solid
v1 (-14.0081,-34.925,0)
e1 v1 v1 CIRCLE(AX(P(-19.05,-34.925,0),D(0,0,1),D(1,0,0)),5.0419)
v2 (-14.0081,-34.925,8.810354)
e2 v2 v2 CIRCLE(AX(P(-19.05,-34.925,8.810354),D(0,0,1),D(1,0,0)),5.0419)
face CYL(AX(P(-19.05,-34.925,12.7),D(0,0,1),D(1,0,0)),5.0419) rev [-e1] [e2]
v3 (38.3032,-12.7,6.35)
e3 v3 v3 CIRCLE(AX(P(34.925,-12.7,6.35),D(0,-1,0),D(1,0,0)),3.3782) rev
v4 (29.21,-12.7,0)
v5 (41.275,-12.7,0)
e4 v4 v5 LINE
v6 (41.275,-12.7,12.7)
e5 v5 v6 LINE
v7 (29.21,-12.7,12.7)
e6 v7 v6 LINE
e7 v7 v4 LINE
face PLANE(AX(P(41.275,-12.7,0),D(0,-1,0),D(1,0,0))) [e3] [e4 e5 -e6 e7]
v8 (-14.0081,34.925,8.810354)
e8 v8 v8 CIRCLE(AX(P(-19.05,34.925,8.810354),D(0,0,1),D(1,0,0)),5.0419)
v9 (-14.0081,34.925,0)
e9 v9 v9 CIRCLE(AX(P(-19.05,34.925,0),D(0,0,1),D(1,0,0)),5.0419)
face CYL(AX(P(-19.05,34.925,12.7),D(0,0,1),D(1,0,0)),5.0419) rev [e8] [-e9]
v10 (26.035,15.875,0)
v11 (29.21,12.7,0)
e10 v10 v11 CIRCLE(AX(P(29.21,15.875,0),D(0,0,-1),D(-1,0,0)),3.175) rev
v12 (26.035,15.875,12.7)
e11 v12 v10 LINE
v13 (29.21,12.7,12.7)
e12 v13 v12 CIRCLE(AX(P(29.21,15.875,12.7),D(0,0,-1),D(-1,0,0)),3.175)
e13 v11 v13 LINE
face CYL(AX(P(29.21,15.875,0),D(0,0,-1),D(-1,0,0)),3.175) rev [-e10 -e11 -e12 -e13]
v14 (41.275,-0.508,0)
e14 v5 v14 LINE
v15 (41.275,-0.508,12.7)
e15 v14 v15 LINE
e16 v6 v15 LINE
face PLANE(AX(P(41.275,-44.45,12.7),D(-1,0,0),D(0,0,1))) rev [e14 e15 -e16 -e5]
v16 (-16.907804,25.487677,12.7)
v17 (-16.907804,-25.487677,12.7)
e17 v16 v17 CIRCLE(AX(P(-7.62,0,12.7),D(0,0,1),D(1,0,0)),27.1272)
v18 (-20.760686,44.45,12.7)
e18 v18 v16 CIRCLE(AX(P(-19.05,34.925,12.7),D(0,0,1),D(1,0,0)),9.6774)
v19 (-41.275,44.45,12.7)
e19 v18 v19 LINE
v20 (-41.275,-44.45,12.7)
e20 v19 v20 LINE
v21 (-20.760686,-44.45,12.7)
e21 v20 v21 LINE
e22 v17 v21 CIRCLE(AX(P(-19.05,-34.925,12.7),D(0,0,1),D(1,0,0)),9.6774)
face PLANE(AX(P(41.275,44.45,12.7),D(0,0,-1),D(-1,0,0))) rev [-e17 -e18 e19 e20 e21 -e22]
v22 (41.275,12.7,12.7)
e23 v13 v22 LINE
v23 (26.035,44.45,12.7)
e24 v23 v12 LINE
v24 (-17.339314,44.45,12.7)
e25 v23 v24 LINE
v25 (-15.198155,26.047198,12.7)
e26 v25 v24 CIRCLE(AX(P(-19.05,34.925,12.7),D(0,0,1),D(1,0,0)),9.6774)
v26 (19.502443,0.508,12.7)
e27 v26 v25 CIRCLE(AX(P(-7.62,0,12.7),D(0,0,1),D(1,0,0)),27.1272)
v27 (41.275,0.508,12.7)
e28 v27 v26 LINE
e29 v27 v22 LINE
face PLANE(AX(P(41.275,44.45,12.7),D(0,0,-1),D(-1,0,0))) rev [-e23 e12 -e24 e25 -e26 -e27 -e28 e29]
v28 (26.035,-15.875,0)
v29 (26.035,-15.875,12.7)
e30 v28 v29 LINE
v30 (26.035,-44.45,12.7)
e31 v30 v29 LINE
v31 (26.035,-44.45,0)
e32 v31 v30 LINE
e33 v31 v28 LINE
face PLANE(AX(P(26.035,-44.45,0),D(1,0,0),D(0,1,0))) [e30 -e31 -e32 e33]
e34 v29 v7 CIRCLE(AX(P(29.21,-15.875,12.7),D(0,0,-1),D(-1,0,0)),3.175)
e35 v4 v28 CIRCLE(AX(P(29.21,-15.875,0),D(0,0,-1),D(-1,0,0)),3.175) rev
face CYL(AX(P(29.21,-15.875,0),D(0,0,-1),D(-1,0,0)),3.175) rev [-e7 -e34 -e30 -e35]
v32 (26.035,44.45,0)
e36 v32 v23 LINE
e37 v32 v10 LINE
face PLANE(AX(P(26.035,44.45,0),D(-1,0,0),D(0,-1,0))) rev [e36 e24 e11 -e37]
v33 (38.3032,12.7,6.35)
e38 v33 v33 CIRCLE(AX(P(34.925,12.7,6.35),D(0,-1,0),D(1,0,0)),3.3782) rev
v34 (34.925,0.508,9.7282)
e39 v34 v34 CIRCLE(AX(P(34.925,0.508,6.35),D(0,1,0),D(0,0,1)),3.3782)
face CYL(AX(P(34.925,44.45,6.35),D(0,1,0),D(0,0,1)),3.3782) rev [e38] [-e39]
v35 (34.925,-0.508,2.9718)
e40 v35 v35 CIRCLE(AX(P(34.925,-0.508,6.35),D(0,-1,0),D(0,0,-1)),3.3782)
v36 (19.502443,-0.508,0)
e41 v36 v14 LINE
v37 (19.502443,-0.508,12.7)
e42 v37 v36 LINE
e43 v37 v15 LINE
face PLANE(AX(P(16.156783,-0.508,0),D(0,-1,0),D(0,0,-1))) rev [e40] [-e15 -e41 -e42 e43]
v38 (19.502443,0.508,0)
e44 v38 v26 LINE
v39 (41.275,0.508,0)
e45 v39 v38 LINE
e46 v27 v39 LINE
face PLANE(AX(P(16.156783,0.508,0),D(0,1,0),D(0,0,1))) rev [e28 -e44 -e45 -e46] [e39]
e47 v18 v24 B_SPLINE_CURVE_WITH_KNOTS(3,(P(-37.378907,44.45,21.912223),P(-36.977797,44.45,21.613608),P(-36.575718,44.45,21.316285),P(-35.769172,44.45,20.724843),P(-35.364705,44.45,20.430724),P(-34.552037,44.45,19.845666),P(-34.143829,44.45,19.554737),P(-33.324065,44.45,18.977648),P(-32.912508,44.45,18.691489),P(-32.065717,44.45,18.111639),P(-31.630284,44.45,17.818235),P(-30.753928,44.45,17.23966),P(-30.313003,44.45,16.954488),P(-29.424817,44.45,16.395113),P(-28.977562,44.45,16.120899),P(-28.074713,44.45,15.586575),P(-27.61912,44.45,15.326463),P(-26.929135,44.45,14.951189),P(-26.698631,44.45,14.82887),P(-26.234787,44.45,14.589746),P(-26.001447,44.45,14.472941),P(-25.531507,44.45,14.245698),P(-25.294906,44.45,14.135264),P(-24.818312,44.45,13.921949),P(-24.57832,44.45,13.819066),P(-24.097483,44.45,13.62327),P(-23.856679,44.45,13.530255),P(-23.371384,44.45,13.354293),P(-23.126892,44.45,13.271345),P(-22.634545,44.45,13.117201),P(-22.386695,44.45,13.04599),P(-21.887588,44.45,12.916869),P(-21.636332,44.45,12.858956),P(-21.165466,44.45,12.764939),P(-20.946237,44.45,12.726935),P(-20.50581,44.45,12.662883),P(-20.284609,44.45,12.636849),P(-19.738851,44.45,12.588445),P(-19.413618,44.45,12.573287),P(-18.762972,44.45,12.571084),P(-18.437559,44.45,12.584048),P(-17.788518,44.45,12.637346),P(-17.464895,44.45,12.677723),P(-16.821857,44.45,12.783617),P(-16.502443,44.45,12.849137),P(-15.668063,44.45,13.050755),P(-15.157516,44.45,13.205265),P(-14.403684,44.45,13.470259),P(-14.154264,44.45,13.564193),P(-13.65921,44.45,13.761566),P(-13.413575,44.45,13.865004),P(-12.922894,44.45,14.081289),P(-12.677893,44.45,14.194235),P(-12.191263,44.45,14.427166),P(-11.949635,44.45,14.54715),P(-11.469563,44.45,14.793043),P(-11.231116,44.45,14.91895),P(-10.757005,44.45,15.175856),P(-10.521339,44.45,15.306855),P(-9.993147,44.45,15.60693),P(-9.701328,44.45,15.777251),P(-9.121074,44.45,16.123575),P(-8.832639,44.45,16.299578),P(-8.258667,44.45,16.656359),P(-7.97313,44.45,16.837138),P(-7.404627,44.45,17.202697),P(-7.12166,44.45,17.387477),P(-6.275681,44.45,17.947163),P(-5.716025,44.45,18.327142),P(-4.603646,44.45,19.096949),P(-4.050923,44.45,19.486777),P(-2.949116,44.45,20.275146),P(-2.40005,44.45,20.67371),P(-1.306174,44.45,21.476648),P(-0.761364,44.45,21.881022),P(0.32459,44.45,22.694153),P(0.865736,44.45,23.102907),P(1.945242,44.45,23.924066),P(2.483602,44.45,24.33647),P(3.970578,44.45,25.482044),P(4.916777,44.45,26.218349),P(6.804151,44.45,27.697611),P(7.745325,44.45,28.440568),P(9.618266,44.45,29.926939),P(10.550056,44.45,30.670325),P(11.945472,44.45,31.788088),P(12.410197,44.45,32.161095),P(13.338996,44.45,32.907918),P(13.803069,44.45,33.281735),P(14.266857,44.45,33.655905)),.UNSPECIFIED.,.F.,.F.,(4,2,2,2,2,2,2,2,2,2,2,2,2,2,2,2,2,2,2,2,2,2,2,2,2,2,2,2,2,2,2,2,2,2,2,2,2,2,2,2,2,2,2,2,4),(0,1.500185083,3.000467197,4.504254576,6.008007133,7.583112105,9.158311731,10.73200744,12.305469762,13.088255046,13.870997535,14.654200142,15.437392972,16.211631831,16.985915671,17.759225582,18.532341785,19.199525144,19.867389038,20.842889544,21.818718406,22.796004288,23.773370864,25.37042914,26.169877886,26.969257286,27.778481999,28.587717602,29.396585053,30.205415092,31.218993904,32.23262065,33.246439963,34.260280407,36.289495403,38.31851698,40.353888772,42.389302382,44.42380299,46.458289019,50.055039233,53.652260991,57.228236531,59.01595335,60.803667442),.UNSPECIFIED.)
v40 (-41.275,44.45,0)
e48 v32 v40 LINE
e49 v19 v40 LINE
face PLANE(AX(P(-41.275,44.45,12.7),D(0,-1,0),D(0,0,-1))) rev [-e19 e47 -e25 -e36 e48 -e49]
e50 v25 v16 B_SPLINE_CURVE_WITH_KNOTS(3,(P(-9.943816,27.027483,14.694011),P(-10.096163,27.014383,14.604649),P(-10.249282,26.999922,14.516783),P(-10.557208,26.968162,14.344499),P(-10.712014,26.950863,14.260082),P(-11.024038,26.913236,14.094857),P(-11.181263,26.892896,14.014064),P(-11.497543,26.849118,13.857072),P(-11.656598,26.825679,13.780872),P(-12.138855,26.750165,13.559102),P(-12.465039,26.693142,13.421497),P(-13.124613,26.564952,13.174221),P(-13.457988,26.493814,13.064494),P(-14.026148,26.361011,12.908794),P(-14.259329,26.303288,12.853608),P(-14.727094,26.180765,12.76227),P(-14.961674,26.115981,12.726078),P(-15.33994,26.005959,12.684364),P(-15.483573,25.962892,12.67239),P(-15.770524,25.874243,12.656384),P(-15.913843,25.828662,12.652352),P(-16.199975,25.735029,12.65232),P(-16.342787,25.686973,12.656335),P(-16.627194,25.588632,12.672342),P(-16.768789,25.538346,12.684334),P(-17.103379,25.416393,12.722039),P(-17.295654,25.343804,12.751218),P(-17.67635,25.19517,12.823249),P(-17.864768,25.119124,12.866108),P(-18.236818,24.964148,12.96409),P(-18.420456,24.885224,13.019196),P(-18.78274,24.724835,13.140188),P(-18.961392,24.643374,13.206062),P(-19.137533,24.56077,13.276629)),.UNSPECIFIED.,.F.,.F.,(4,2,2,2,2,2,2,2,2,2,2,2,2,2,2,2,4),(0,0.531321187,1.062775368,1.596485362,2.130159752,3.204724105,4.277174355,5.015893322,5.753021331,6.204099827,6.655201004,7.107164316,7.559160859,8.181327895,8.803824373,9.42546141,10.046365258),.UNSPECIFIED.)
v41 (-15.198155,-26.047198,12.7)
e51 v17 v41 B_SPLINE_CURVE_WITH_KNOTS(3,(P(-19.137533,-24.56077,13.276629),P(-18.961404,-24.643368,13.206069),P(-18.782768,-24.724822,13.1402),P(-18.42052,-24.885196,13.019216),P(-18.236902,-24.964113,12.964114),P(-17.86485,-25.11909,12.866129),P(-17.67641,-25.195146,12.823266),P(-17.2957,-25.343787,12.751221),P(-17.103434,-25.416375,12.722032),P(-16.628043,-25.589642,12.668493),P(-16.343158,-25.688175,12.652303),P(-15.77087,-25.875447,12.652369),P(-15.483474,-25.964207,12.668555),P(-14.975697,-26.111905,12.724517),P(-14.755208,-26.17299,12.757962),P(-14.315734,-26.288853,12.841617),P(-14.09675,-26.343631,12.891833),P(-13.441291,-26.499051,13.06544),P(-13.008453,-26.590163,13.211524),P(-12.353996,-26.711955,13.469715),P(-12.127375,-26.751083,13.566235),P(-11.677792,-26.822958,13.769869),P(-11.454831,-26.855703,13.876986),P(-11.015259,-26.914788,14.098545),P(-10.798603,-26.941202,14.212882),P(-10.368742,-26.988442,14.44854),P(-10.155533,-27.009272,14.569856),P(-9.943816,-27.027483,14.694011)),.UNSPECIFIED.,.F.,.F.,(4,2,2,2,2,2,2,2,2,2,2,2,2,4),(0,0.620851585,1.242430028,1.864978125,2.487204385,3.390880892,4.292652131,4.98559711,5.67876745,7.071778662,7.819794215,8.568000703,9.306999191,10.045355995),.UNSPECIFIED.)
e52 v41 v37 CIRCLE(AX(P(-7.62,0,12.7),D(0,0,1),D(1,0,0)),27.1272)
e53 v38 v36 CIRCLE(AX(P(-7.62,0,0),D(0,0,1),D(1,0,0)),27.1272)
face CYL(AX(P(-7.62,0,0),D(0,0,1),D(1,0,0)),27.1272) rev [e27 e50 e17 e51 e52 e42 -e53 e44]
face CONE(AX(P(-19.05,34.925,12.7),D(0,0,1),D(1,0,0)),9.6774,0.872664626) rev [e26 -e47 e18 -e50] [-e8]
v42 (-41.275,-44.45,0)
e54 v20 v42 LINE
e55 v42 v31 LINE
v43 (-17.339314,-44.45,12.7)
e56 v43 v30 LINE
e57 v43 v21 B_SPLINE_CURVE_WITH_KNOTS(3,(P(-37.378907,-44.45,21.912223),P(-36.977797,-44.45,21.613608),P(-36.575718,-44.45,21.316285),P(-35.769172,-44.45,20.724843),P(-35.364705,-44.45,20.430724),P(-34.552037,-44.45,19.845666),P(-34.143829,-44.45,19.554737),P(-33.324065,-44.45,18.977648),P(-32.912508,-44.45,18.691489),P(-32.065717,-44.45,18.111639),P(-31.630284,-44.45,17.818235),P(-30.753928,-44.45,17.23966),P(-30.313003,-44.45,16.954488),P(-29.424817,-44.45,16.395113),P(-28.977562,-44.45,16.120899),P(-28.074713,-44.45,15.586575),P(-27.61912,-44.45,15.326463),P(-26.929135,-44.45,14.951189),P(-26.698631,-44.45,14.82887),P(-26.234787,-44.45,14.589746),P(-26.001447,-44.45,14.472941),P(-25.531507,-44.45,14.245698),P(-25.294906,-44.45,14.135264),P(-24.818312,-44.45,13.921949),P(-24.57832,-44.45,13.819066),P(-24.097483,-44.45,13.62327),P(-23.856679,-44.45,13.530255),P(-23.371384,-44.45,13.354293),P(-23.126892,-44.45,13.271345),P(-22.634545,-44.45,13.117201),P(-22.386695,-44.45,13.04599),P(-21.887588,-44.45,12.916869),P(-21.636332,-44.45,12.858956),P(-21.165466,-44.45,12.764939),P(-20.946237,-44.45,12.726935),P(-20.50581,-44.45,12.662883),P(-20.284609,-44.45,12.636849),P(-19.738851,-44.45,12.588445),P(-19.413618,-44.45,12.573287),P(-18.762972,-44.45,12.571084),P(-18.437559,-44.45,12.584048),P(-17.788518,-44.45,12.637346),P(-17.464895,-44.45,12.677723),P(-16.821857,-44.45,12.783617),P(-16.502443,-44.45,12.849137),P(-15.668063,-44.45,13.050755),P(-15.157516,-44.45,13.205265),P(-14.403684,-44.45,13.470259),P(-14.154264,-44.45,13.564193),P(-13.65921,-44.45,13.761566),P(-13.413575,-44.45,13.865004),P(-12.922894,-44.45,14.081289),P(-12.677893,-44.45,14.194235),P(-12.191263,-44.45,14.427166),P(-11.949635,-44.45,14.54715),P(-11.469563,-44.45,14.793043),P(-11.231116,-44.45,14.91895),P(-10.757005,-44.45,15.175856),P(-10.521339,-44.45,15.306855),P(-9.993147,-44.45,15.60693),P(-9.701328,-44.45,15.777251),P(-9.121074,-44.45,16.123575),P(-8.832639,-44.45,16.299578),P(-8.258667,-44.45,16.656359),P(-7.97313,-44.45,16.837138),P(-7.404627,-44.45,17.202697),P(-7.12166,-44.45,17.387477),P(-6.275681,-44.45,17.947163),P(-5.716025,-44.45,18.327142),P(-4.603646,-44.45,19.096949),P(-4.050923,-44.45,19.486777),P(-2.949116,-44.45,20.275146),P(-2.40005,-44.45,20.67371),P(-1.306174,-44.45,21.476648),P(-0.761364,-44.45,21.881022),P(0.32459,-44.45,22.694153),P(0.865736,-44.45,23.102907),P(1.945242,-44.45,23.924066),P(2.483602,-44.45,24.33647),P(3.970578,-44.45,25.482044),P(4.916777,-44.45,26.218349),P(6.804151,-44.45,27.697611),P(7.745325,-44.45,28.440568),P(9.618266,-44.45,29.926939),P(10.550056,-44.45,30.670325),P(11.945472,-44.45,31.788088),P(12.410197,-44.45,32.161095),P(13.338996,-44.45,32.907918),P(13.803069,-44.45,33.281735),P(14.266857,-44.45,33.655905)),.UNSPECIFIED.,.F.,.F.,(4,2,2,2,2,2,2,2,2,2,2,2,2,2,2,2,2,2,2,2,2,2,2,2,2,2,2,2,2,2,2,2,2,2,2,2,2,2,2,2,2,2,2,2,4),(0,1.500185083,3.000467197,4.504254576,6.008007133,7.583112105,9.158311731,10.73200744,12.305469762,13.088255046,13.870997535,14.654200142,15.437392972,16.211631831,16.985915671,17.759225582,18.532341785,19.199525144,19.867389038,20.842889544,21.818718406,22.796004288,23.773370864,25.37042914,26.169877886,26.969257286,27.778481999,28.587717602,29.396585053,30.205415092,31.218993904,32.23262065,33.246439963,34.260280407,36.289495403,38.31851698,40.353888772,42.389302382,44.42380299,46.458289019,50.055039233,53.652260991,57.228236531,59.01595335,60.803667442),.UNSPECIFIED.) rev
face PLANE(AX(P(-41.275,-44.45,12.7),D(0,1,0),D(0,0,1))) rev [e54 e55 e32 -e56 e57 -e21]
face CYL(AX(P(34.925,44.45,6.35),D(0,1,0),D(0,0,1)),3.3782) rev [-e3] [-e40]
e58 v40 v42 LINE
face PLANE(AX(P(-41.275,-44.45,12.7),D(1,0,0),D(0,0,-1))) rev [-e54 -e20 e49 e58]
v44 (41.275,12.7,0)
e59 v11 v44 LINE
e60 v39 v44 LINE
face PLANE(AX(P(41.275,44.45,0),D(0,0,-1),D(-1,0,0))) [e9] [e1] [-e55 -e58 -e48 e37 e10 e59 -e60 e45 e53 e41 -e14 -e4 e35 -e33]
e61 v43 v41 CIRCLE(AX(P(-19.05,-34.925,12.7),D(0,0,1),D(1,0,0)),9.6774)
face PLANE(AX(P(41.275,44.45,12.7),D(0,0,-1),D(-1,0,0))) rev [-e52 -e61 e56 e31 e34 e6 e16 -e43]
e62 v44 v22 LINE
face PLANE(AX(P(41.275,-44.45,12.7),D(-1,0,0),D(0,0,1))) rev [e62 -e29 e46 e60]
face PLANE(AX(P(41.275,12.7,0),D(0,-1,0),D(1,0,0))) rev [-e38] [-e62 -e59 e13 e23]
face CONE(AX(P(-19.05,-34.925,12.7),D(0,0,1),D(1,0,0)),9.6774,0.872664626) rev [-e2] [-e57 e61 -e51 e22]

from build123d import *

# Parameters (mm, degrees)
SKETCH1_W                                           = 82.55
SKETCH1_H                                           = 88.9
EXTRUDE1_DEPTH                                      = 12.7
SKETCH2_R                                           = 27.1272
EXTRUDE2_DEPTH                                      = 13.7
SKETCH3_W                                           = 28.468633454
SKETCH3_H                                           = 1.016
EXTRUDE3_DEPTH                                      = 13.7
F_1_4_CLEARANCE_HOLE1_D                             = 6.7564
CSK_FOR_3_8_FLAT_HEAD_MACHINE_SCREW_100_D           = 10.0838
CSK_FOR_3_8_FLAT_HEAD_MACHINE_SCREW_100_CSINK_D     = 19.3548
CSK_FOR_3_8_FLAT_HEAD_MACHINE_SCREW_100_CSINK_ANGLE = 100
SKETCH10_W                                          = 15.24
SKETCH10_H                                          = 31.75
EXTRUDE4_DEPTH                                      = 13.7000001
FILLET1_R                                           = 3.175


with BuildPart() as part:
    # Sketch1 → Extrude1 (new body)
    with BuildSketch(Plane.XY):
        Rectangle(SKETCH1_W, SKETCH1_H)
    extrude(amount=EXTRUDE1_DEPTH)

    # Sketch2 → Extrude2 (cut, through all)
    with BuildSketch(Plane.XY.offset(12.7)):
        with Locations((-7.62, 0)):
            Circle(SKETCH2_R)
    extrude(amount=-EXTRUDE2_DEPTH, mode=Mode.SUBTRACT)

    # Sketch3 → Extrude3 (cut, through all)
    with BuildSketch(Plane.XY.offset(12.7)):
        with Locations((30.3911, 0)):
            Rectangle(SKETCH3_W, SKETCH3_H)
    extrude(amount=-EXTRUDE3_DEPTH, mode=Mode.SUBTRACT)

    # 1/4 Clearance Hole1 (through all)
    with Locations(Plane(origin=(34.925, 44.45, 6.35), x_dir=(0, 0, 1), z_dir=(0, 1, 0))):
        with Locations((0, 0)):
            Hole(F_1_4_CLEARANCE_HOLE1_D / 2)

    # CSK for 3/8 Flat Head Machine Screw (100)1 (through all)
    with Locations(Plane(origin=(-19.05, 34.925, 12.7), x_dir=(1, 0, 0), z_dir=(0, 0, 1))):
        with Locations((0, 0)):
            csk_for_3_8_flat_head_machine_screw_100 = CounterSinkHole(CSK_FOR_3_8_FLAT_HEAD_MACHINE_SCREW_100_D / 2, CSK_FOR_3_8_FLAT_HEAD_MACHINE_SCREW_100_CSINK_D / 2, counter_sink_angle=CSK_FOR_3_8_FLAT_HEAD_MACHINE_SCREW_100_CSINK_ANGLE)

    # Mirror1: CSK for 3/8 Flat Head Machine Screw (100)1 across plane
    add(csk_for_3_8_flat_head_machine_screw_100.mirror(Plane.ZX), mode=Mode.SUBTRACT)

    # Sketch10 → Extrude4 (cut, through all)
    with BuildSketch(Plane.XY.offset(12.7)):
        with Locations((33.655, 28.575)):
            Rectangle(SKETCH10_W, SKETCH10_H)
    extrude4 = extrude(amount=-EXTRUDE4_DEPTH, mode=Mode.SUBTRACT)

    # Mirror2: Extrude4 across plane
    add(extrude4.mirror(Plane.ZX), mode=Mode.SUBTRACT)

    # Fillet1
    fillet1_edges = [part.edges().sort_by_distance(p)[0] for p in [
        (26.035, 12.7, 6.35),
        (26.035, -12.7, 6.35),
    ]]
    fillet(fillet1_edges, radius=FILLET1_R)


solid = part.part
